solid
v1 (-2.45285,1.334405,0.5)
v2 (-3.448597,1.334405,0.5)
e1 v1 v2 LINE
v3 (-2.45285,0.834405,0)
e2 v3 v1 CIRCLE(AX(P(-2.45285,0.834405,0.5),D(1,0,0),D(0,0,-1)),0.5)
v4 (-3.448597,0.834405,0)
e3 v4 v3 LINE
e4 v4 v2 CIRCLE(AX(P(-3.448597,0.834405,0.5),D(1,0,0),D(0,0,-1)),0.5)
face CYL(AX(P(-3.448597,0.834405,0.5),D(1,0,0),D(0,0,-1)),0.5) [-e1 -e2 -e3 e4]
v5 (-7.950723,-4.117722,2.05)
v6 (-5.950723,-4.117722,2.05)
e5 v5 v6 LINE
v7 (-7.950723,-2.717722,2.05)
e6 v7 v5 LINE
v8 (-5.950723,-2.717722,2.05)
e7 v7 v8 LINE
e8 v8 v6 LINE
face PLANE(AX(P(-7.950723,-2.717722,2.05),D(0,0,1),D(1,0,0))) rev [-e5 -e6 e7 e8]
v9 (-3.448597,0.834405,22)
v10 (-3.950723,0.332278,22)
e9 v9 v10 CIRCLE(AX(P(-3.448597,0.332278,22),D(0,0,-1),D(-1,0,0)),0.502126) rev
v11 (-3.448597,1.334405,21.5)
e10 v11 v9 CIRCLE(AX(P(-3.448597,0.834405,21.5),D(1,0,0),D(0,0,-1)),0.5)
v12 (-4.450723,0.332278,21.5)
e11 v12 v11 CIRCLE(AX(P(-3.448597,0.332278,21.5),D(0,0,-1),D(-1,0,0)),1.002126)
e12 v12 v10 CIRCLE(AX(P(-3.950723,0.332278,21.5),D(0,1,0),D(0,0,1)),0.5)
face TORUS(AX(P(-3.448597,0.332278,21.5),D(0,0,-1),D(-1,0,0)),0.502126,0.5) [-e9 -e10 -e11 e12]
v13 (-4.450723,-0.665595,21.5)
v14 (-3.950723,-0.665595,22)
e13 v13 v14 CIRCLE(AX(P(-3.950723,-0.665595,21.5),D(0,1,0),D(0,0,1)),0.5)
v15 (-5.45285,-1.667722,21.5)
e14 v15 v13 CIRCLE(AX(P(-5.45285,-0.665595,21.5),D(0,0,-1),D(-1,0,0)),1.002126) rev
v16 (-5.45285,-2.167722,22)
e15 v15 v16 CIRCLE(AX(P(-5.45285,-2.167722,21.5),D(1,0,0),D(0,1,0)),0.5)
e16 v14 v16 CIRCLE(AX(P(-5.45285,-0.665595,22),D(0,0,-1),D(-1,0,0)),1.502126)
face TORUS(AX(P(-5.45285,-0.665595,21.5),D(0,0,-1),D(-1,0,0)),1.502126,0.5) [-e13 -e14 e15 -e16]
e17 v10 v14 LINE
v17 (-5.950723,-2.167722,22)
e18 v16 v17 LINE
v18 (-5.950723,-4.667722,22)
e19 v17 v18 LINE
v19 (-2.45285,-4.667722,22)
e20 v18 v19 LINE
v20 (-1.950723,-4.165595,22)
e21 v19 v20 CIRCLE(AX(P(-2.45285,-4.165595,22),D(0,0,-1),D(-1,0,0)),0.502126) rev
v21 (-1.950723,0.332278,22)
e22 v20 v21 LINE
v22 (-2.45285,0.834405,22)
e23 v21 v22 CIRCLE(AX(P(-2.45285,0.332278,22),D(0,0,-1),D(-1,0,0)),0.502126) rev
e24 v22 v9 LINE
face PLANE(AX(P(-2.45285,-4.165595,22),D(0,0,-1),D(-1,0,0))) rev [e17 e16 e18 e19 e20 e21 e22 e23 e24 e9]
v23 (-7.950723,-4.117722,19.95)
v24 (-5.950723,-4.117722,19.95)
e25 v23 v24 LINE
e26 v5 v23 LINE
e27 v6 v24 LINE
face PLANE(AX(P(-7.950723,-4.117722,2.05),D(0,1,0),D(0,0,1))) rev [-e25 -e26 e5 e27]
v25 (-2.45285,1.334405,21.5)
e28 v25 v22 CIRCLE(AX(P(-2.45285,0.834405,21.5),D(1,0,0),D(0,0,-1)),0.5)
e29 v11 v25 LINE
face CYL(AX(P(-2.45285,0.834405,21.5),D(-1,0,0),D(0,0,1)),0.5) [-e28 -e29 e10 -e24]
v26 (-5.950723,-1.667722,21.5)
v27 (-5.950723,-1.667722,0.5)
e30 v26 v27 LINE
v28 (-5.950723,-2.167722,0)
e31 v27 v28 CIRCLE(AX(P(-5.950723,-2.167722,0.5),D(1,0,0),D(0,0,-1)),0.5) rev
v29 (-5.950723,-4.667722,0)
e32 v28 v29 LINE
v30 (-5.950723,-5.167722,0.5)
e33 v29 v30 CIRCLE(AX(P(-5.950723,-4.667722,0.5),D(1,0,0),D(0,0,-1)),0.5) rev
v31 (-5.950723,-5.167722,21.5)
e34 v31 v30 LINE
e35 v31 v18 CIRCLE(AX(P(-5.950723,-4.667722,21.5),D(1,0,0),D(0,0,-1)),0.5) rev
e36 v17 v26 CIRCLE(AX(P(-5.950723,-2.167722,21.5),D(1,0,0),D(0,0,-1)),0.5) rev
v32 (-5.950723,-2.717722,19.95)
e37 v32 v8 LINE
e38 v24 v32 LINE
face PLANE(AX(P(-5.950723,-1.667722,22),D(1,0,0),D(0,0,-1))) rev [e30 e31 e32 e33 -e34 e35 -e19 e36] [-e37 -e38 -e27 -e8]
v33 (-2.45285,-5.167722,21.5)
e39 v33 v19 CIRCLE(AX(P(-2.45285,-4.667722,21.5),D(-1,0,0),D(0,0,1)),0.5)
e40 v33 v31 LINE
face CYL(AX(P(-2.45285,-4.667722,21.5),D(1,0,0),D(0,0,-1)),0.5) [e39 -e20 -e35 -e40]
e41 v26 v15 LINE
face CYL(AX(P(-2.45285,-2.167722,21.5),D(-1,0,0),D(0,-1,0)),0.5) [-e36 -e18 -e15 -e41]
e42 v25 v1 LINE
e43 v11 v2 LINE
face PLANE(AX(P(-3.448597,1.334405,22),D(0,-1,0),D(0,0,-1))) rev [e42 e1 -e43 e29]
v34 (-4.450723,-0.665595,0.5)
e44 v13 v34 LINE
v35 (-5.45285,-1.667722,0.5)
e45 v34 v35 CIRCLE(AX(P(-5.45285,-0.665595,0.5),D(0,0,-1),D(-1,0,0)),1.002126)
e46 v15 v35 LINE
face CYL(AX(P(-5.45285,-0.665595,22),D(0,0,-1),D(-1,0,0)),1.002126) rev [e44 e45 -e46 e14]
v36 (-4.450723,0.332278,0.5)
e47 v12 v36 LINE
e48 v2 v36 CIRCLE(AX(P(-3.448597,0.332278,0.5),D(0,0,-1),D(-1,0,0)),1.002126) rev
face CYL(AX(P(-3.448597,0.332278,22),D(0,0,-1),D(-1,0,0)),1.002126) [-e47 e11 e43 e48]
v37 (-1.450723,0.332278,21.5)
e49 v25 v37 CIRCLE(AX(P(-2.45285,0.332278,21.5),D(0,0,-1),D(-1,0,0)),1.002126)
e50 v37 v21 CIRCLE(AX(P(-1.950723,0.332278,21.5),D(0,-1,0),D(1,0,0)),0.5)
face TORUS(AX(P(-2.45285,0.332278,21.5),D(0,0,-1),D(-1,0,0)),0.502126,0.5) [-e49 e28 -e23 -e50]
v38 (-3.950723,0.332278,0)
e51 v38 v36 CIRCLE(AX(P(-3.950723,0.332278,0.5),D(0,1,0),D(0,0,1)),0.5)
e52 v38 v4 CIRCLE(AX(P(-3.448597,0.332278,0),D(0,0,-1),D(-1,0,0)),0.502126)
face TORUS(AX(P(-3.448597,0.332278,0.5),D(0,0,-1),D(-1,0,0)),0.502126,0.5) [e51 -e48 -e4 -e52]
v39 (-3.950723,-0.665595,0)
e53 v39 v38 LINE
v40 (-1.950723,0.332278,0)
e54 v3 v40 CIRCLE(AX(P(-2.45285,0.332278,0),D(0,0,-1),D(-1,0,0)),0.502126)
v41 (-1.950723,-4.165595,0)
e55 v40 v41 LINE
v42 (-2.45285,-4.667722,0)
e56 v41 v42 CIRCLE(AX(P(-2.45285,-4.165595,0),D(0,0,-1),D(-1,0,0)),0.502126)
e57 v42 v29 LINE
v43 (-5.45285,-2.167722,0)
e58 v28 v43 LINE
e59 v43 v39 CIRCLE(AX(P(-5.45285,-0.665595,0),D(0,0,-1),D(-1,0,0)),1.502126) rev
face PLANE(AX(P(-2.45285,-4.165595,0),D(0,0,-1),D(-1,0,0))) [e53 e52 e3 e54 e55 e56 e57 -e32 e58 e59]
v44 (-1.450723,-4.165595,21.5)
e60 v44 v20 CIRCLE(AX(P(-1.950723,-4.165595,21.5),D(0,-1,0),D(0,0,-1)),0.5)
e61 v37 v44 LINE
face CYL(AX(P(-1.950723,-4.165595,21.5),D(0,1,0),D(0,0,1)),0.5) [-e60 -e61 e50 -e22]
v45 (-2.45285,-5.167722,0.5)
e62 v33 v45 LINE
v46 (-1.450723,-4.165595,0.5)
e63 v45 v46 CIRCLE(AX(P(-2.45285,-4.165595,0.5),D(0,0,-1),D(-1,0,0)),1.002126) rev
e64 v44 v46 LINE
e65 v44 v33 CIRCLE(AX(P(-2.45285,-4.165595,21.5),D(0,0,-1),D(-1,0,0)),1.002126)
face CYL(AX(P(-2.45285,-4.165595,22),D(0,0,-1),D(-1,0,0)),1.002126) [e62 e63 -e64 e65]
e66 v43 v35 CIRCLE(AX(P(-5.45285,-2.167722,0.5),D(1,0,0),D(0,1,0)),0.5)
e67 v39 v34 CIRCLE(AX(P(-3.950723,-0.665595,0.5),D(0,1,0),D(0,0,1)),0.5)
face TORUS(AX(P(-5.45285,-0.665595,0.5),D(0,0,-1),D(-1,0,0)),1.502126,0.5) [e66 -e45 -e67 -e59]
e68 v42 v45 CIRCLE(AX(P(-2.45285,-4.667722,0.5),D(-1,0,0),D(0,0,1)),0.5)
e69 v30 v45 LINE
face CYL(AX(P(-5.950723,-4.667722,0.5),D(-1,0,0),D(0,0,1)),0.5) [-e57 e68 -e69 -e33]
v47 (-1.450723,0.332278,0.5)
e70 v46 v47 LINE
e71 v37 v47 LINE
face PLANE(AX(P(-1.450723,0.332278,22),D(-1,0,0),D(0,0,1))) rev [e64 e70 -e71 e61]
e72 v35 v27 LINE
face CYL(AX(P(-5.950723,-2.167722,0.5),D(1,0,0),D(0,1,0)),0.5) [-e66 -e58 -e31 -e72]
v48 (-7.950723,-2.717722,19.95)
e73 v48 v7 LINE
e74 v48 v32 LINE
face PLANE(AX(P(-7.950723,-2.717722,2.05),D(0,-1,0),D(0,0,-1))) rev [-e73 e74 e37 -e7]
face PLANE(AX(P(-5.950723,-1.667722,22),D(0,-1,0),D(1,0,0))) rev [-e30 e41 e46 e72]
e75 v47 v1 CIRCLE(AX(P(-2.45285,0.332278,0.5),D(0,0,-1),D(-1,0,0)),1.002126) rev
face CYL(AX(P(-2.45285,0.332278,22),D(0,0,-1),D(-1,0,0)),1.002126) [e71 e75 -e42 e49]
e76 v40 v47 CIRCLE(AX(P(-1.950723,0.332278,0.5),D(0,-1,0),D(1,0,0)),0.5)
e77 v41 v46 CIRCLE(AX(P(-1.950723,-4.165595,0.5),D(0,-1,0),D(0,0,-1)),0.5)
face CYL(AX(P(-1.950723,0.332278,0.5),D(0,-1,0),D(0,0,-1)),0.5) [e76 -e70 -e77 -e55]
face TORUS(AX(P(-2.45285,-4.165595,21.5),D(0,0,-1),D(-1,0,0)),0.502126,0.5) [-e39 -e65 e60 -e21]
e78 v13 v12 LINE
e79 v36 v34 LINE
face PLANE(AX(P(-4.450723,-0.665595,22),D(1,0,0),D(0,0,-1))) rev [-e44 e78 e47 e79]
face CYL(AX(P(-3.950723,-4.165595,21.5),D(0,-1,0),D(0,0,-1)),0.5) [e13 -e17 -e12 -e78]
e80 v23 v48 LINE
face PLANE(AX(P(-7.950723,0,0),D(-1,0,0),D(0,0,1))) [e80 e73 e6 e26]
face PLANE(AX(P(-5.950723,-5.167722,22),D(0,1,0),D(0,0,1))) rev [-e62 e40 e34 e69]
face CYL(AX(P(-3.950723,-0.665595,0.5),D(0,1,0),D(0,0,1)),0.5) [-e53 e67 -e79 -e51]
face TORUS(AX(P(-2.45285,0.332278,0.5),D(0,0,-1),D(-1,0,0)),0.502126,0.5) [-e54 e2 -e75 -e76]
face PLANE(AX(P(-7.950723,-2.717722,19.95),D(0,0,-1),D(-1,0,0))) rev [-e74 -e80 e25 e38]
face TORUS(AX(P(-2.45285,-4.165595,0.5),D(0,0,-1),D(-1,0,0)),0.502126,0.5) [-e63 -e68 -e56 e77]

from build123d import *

# Parameters (mm, degrees)
BOSS_EXTRUDE1_DEPTH = 22
FILLET1_R           = 0.5
SKETCH2_W           = 17.9
SKETCH2_H           = 1.4
BOSS_EXTRUDE2_DEPTH = 2


with BuildPart() as part:
    # Sketch1 → Boss-Extrude1 (new body)
    with BuildSketch(Plane.XY):
        with BuildLine():
            Line((-5.950723388, -1.667721547), (-5.452849623, -1.667721547))
            ThreePointArc((-5.452849623, -1.667721547), (-4.744239366, -1.374205568), (-4.450723388, -0.665595311))
            Line((-4.450723388, -0.665595311), (-4.450723388, 0.332278453))
            ThreePointArc((-4.450723388, 0.332278453), (-4.157207409, 1.04088871), (-3.448597153, 1.334404689))
            Line((-3.448597153, 1.334404689), (-2.452849623, 1.334404689))
            ThreePointArc((-2.452849623, 1.334404689), (-1.744239366, 1.04088871), (-1.450723388, 0.332278453))
            Line((-1.450723388, 0.332278453), (-1.450723388, -4.165595311))
            ThreePointArc((-1.450723388, -4.165595311), (-1.744239366, -4.874205568), (-2.452849623, -5.167721547))
            Line((-2.452849623, -5.167721547), (-5.950723388, -5.167721547))
            Line((-5.950723388, -5.167721547), (-5.950723388, -1.667721547))
        make_face()
    extrude(amount=BOSS_EXTRUDE1_DEPTH)

    # Fillet1
    fillet1_edges = [part.edges().sort_by_distance(p)[0] for p in [
        (-1.744239366, 1.04088871, 22),
        (-5.701786505, -1.667721547, 0),
        (-4.744239366, -1.374205568, 0),
        (-4.450723388, -0.166658429, 0),
        (-4.157207409, 1.04088871, 0),
        (-2.950723388, 1.334404689, 0),
        (-1.744239366, 1.04088871, 0),
        (-1.450723388, -1.916658429, 0),
        (-1.744239366, -4.874205568, 0),
        (-2.950723388, 1.334404689, 22),
        (-4.157207409, 1.04088871, 22),
        (-4.450723388, -0.166658429, 22),
        (-4.744239366, -1.374205568, 22),
        (-5.701786505, -1.667721547, 22),
        (-4.201786505, -5.167721547, 22),
        (-1.744239366, -4.874205568, 22),
        (-1.450723388, -1.916658429, 22),
        (-4.201786505, -5.167721547, 0),
    ]]
    fillet(fillet1_edges, radius=FILLET1_R)

    # Sketch2 → Boss-Extrude2 (add)
    with BuildSketch(Plane.ZY.offset(5.950723388)):
        with Locations((11, -3.417721547)):
            Rectangle(SKETCH2_W, SKETCH2_H)
    extrude(amount=BOSS_EXTRUDE2_DEPTH)


solid = part.part
